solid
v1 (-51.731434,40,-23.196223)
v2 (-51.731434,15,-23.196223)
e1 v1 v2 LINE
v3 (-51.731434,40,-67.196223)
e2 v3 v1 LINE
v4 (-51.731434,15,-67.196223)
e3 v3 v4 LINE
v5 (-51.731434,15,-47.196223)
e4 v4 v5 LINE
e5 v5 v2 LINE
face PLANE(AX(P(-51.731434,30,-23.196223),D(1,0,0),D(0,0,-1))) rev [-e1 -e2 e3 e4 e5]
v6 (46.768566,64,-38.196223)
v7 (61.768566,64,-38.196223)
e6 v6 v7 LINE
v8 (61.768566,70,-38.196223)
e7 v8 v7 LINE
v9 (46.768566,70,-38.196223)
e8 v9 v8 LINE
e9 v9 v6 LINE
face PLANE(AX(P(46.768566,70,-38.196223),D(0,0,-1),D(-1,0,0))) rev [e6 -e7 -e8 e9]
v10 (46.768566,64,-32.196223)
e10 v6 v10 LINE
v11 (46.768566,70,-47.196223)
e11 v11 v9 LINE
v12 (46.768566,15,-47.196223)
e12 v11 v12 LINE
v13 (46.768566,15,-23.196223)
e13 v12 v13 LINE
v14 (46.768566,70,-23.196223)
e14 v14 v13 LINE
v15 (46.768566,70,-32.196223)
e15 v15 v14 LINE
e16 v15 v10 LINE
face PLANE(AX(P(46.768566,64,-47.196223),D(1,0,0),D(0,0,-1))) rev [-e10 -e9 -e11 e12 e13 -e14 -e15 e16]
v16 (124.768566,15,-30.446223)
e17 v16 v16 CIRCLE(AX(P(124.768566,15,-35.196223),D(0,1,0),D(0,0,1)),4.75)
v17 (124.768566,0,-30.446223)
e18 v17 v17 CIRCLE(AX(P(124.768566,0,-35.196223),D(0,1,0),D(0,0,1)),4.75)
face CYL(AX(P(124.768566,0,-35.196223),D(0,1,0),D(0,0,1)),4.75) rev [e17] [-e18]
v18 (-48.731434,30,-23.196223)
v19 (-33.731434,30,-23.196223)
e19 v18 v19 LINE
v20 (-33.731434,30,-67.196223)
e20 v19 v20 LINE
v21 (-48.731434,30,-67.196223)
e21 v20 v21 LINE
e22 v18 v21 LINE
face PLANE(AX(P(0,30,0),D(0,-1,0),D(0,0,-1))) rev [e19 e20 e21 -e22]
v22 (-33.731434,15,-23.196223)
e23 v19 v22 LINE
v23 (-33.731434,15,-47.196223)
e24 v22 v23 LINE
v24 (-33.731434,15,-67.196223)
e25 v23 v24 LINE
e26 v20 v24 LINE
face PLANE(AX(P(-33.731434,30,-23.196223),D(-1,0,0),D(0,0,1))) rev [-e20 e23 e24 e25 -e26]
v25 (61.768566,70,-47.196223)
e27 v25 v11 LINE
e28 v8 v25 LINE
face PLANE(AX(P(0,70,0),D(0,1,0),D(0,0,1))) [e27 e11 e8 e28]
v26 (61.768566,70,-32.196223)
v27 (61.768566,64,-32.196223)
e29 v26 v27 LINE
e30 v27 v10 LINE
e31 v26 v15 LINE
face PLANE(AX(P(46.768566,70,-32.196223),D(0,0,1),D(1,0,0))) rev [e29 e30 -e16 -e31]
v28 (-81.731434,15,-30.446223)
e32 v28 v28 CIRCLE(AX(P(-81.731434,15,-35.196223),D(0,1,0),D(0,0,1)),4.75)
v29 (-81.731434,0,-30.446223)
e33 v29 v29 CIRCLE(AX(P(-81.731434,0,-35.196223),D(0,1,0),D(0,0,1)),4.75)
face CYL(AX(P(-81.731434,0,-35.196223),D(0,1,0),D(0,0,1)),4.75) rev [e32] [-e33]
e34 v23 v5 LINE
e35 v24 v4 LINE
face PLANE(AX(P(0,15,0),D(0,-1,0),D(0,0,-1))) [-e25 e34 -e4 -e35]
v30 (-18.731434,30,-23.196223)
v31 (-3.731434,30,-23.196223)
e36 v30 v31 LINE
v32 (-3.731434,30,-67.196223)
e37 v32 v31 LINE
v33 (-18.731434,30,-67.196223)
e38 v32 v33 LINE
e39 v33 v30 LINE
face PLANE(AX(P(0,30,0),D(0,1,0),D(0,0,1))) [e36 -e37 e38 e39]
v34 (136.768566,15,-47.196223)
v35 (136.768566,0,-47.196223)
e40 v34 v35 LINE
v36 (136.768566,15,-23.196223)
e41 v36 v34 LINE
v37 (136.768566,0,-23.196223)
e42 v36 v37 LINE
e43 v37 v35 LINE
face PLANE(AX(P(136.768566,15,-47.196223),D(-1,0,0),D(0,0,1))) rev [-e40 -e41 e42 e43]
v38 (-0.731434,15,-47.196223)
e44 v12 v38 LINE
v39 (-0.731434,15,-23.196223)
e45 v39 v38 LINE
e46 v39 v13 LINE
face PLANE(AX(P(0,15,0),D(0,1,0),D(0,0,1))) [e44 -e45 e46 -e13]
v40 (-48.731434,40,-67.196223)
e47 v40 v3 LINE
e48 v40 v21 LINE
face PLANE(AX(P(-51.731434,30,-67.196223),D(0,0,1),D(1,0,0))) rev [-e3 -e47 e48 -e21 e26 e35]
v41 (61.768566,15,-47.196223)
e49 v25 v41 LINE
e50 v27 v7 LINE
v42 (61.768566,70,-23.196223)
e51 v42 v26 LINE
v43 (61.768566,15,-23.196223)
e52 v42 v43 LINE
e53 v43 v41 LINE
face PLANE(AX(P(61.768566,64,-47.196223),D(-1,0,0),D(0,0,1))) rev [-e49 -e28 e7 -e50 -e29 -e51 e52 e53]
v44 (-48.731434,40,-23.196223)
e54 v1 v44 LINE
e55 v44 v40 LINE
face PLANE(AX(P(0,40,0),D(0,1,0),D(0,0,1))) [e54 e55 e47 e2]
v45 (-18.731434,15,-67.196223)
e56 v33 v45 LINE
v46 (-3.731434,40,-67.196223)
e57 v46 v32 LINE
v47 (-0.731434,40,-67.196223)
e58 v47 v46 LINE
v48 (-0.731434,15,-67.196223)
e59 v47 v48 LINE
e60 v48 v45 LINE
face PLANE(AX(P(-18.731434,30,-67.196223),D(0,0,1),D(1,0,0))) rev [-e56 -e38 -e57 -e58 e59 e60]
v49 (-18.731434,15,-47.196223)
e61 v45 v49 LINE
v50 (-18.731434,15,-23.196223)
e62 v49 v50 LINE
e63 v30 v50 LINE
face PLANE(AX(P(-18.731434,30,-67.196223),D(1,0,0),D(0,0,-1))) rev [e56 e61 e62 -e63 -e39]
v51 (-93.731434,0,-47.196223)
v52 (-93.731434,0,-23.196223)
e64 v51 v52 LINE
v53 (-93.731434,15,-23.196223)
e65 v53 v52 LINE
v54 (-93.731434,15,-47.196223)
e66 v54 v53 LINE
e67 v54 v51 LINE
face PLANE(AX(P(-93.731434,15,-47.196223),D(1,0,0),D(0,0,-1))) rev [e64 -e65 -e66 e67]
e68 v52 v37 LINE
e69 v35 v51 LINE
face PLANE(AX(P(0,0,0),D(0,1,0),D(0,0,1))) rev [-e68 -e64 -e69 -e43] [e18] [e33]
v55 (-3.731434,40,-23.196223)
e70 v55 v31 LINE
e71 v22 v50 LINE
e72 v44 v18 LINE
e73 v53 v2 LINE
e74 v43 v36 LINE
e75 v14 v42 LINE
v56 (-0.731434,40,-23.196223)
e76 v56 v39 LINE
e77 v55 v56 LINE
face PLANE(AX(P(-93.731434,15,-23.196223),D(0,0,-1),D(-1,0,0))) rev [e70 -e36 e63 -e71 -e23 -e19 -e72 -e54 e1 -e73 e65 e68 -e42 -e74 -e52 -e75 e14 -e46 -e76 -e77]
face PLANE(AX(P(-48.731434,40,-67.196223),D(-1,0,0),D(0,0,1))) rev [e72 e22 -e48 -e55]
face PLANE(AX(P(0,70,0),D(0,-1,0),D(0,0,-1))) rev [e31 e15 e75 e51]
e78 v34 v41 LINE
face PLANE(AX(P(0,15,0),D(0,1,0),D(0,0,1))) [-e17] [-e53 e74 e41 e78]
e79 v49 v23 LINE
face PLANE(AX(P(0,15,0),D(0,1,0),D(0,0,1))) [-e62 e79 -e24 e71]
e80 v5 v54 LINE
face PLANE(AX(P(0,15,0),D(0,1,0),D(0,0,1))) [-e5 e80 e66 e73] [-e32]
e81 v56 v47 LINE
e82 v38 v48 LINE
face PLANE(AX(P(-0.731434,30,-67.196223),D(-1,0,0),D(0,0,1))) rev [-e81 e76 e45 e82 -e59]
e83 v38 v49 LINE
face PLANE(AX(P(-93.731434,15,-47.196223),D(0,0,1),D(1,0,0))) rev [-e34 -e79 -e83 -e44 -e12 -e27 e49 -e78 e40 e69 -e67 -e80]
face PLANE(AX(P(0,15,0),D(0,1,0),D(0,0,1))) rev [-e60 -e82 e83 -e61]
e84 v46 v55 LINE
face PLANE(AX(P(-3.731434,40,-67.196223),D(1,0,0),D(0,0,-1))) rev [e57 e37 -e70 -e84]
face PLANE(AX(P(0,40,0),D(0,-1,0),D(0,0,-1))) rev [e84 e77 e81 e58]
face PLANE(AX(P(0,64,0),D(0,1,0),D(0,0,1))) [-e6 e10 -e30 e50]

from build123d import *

# Parameters (mm, degrees)
SKETCH1_W           = 230.5
SKETCH1_H           = 24
BOSS_EXTRUDE1_DEPTH = 15
SKETCH2_R           = 4.75
CUT_EXTRUDE1_DEPTH  = 15
SKETCH4_W           = 18
SKETCH4_H           = 44
BOSS_EXTRUDE2_DEPTH = 15
SKETCH5_W           = 15
SKETCH5_H           = 24
BOSS_EXTRUDE3_DEPTH = 49
SKETCH6_W           = 15
SKETCH6_H           = 9
BOSS_EXTRUDE4_DEPTH = 6
SKETCH7_W           = 3
SKETCH7_H           = 44
BOSS_EXTRUDE5_DEPTH = 10


with BuildPart() as part:
    # Sketch1 → Boss-Extrude1 (new body)
    with BuildSketch(Plane(origin=(0, 0, 0), x_dir=(1, 0, 0), z_dir=(0, 1, 0))):
        with Locations((21.518565941, 35.196222791)):
            Rectangle(SKETCH1_W, SKETCH1_H)
    extrude(amount=BOSS_EXTRUDE1_DEPTH)

    # Sketch2 → Cut-Extrude1 (cut)
    with BuildSketch(Plane(origin=(0, 15, 0), x_dir=(1, 0, 0), z_dir=(0, 1, 0))):
        with Locations(Location((-81.731434059, 35.196222791, 0), (0, 0, 270))):
            Circle(SKETCH2_R)
        with Locations(Location((124.768565941, 35.196222791, 0), (0, 0, 270))):
            Circle(SKETCH2_R)
    extrude(amount=-CUT_EXTRUDE1_DEPTH, mode=Mode.SUBTRACT)

    # Sketch4 → Boss-Extrude2 (add)
    with BuildSketch(Plane(origin=(0, 15, 0), x_dir=(1, 0, 0), z_dir=(0, 1, 0))):
        with Locations((-42.731434059, 45.196222791)):
            Rectangle(SKETCH4_W, SKETCH4_H)
        with Locations((-9.731434059, 45.196222791)):
            Rectangle(SKETCH4_W, SKETCH4_H)
    extrude(amount=BOSS_EXTRUDE2_DEPTH)

    # Sketch5 → Boss-Extrude3 (add)
    with BuildSketch(Plane(origin=(0, 15, 0), x_dir=(1, 0, 0), z_dir=(0, 1, 0))):
        with Locations((54.268565941, 35.196222791)):
            Rectangle(SKETCH5_W, SKETCH5_H)
    extrude(amount=BOSS_EXTRUDE3_DEPTH)

    # Sketch6 → Boss-Extrude4 (add)
    with BuildSketch(Plane(origin=(0, 64, 0), x_dir=(1, 0, 0), z_dir=(0, 1, 0))):
        with Locations((54.268565941, 42.696222791)):
            Rectangle(SKETCH6_W, SKETCH6_H)
        with Locations((54.268565941, 27.696222791)):
            Rectangle(SKETCH6_W, SKETCH6_H)
    extrude(amount=BOSS_EXTRUDE4_DEPTH)

    # Sketch7 → Boss-Extrude5 (add)
    with BuildSketch(Plane(origin=(0, 30, 0), x_dir=(1, 0, 0), z_dir=(0, 1, 0))):
        with Locations((-50.231434059, 45.196222791)):
            Rectangle(SKETCH7_W, SKETCH7_H)
        with Locations((-2.231434059, 45.196222791)):
            Rectangle(SKETCH7_W, SKETCH7_H)
    extrude(amount=BOSS_EXTRUDE5_DEPTH)


solid = part.part
